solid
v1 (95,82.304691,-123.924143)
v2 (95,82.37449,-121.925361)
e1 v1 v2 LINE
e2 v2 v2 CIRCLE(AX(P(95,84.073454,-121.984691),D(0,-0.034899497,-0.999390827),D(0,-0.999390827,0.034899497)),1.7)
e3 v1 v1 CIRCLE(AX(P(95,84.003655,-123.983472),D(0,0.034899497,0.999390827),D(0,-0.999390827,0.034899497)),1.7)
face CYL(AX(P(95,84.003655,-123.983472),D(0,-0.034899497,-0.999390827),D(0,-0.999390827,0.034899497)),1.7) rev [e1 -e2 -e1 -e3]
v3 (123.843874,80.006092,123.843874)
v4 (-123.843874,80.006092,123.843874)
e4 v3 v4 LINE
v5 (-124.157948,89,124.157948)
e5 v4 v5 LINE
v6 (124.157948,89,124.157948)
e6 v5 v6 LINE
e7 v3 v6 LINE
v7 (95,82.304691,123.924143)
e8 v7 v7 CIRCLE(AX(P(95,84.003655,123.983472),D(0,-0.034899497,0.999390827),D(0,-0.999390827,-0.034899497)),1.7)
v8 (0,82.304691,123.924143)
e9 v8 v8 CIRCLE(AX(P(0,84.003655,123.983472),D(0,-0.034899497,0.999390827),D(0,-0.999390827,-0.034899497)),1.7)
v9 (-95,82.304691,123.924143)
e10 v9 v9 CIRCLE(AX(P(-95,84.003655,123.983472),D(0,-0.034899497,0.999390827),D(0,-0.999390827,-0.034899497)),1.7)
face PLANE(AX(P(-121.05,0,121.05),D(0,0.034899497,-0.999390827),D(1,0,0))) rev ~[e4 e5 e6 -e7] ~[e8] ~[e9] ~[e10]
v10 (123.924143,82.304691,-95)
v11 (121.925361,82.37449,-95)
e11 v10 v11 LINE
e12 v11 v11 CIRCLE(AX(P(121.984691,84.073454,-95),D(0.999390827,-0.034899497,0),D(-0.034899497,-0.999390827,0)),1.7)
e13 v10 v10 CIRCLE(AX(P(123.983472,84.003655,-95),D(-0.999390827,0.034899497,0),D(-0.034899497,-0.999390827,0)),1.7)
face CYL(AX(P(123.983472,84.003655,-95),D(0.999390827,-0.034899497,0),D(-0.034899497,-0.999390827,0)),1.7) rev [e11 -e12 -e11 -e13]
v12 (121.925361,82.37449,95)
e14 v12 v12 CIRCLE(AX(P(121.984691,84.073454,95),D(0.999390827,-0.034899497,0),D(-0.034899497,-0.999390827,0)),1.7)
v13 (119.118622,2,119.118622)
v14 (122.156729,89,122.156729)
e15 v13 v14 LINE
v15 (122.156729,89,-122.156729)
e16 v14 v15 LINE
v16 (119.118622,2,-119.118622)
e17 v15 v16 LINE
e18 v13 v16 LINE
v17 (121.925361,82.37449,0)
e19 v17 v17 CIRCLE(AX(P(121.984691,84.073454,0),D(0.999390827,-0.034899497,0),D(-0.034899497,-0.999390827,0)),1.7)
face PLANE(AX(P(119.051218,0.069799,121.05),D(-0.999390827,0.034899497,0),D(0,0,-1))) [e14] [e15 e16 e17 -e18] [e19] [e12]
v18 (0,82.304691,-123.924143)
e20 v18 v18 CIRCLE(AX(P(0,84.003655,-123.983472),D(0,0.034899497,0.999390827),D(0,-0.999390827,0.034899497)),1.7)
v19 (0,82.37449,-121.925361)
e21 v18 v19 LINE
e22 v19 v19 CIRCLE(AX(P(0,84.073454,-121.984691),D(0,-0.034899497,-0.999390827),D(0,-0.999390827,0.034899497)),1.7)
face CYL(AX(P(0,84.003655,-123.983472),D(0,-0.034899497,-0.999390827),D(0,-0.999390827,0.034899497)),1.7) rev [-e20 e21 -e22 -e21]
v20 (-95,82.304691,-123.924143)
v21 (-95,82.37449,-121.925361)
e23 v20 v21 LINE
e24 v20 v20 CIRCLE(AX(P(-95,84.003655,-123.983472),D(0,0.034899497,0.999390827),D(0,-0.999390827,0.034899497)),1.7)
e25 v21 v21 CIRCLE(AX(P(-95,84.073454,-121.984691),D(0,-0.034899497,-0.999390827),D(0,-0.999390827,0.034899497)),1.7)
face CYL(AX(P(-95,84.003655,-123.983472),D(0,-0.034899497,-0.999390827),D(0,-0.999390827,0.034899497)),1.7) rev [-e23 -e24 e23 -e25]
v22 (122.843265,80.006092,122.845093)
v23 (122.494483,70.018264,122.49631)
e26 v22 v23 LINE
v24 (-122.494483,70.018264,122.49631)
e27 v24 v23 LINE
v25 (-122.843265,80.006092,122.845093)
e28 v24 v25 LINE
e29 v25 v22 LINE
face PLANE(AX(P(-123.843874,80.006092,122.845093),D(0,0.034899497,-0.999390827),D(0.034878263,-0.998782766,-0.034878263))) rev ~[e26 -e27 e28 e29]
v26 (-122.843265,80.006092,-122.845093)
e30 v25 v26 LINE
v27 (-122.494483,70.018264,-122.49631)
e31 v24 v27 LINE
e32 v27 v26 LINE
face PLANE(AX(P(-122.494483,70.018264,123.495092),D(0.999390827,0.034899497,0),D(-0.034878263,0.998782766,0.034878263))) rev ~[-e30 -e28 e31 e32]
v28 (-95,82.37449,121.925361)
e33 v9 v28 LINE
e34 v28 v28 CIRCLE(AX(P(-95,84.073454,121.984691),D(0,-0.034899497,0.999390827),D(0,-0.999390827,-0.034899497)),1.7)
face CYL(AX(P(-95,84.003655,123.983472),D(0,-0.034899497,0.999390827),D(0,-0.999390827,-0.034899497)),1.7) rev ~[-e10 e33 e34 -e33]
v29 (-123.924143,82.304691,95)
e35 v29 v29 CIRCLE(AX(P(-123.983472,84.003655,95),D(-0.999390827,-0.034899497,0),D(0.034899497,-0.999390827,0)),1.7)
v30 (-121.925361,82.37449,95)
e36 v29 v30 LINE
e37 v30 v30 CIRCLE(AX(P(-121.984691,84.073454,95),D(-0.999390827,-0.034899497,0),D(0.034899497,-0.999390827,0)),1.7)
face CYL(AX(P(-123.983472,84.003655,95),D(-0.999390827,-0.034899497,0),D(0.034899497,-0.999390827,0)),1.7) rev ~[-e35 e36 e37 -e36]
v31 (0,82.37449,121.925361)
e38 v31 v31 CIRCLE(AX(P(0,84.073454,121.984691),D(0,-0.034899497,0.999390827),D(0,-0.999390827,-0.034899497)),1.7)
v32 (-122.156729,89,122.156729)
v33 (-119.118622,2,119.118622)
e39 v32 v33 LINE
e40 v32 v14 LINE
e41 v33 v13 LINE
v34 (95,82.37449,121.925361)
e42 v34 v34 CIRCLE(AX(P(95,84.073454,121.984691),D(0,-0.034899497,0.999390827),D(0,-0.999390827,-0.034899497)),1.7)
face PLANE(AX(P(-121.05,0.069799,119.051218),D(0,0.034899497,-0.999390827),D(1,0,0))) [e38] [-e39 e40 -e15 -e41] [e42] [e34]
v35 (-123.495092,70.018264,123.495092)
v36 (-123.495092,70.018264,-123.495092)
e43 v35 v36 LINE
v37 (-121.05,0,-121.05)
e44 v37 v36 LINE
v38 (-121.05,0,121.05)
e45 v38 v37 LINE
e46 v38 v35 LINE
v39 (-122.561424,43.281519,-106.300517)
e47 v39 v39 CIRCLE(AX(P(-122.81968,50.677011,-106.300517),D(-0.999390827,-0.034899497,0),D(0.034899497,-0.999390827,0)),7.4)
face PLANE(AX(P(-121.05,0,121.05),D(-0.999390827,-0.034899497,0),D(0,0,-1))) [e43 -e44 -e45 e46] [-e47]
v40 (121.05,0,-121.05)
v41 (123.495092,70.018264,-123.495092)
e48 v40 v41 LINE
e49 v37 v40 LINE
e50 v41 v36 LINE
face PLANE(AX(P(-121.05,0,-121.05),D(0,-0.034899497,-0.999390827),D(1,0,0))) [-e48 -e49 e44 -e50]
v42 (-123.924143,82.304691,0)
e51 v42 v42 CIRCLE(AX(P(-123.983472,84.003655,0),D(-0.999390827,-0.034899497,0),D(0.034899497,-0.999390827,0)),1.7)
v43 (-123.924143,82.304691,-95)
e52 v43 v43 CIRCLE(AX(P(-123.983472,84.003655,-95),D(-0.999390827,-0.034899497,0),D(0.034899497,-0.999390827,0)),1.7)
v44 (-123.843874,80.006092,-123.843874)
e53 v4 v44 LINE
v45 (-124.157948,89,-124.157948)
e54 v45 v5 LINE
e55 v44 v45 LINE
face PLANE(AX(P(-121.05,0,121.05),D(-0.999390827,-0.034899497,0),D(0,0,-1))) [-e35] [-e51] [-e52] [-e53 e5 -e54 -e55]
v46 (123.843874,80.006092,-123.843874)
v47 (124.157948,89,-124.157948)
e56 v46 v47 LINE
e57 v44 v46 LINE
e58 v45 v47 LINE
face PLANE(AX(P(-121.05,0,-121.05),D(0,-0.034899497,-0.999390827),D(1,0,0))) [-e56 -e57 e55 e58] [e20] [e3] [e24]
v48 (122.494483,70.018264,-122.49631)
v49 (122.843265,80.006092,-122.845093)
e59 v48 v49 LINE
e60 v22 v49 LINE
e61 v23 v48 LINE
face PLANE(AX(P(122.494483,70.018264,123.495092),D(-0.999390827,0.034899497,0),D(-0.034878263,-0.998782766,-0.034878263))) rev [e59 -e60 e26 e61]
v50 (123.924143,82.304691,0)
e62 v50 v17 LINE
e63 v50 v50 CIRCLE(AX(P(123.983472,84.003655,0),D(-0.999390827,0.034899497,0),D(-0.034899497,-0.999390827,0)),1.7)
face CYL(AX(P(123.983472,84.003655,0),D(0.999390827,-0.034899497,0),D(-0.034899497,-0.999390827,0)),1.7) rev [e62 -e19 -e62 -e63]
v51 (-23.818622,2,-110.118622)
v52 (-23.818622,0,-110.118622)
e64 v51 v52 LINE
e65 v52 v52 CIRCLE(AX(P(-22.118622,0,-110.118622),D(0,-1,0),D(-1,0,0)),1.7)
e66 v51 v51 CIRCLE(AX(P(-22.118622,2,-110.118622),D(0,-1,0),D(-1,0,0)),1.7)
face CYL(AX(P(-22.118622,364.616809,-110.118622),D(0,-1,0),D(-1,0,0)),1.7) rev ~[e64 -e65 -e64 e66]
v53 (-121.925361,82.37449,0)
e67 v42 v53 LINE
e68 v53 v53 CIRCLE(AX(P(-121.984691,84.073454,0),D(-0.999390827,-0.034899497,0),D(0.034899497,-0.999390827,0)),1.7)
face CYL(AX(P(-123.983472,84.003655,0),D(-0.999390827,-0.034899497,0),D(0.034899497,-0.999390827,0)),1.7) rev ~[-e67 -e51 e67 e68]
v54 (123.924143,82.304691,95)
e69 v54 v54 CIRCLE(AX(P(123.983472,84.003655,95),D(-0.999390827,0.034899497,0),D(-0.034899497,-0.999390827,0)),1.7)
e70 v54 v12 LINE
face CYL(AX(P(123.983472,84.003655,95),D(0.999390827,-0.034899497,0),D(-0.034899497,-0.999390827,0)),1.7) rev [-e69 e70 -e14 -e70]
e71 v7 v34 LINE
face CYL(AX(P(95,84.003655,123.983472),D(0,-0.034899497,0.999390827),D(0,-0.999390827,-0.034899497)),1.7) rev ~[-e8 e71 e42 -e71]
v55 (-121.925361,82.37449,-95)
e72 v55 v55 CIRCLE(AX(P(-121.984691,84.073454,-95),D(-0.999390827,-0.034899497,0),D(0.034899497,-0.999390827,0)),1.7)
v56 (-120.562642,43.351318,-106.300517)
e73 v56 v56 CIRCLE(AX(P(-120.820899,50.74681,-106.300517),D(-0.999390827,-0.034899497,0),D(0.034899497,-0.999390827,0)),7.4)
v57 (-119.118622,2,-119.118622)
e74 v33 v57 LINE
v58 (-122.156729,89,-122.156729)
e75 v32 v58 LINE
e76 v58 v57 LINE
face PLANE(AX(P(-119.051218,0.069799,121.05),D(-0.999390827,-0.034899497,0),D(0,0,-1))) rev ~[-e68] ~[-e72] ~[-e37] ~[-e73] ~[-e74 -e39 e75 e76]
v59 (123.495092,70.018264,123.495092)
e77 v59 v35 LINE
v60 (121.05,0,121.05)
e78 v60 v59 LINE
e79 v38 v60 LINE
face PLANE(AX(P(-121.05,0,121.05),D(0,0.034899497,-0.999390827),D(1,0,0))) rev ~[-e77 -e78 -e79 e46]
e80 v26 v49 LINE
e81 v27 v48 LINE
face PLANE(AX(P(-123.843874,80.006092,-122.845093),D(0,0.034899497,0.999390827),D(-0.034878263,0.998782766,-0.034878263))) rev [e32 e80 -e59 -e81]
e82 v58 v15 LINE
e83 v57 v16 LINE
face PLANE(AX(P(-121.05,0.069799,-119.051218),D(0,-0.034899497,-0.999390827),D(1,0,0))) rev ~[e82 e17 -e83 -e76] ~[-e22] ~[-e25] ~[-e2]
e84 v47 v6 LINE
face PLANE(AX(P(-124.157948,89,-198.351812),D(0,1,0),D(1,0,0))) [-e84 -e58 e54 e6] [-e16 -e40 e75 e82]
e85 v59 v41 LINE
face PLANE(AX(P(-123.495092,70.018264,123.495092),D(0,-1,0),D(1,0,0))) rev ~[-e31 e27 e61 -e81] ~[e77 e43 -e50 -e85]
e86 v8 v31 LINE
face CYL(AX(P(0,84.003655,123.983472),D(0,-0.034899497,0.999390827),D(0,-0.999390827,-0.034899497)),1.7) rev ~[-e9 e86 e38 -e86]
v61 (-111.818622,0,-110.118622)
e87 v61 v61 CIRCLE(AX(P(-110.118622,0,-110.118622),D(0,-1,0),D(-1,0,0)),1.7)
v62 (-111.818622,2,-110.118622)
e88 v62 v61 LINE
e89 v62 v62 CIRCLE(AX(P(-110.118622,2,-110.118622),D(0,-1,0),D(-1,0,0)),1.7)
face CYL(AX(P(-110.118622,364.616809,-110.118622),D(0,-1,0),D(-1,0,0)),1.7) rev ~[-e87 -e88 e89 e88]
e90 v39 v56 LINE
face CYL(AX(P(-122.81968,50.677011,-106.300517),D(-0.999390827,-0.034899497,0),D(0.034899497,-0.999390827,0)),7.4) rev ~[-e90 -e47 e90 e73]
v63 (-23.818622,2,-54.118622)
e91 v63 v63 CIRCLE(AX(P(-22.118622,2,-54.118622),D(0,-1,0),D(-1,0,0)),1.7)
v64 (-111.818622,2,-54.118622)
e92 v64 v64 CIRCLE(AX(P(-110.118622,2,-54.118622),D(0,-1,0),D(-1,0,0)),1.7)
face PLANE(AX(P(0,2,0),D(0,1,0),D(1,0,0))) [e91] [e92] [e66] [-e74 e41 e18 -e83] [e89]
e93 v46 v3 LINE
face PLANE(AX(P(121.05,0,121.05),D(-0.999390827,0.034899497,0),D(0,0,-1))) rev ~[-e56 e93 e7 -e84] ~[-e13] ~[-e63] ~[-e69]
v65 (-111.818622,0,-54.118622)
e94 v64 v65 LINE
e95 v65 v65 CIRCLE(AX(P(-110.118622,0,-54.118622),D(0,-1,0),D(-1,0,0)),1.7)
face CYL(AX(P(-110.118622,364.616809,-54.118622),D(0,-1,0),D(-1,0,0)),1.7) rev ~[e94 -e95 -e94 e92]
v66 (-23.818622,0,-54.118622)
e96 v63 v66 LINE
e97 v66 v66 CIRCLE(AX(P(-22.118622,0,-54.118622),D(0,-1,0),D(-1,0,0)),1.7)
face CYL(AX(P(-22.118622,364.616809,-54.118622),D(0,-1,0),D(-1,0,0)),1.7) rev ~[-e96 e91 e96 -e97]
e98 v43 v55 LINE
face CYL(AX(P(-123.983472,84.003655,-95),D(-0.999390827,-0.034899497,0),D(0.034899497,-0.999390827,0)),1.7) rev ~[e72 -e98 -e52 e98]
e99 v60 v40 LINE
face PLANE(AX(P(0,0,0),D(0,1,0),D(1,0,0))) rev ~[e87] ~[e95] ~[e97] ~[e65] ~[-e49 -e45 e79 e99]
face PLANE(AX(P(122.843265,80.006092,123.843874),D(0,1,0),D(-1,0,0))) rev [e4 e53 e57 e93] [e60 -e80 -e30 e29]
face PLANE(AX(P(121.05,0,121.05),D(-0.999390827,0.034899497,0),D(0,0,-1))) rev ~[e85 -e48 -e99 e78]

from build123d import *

# Parameters (mm, degrees)
SKETCH1_W                       = 242.1
SKETCH1_H                       = 242.1
BOSS_EXTRUDE1_DEPTH             = 90
BOSS_EXTRUDE1_DRAFT             = -2
SHELL1_T                        = -2
CUT_EXTRUDE7_DEPTH              = 291.648708719
CUT_EXTRUDE8_DEPTH              = 291.648708719
M3_CLEARANCE_HOLE2_D            = 3.4
SKETCH15_R                      = 1.7
CUT_EXTRUDE9_DEPTH              = 10
SKETCH16_R                      = 1.7
CUT_EXTRUDE10_DEPTH             = 10
CUT_EXTRUDE11_DEPTH             = 198.351811614
CUT_EXTRUDE11_DEPTH_BACK        = 198.351811614
CUT_EXTRUDE12_REACH             = 292.104
SKETCH21_R                      = 7.4
CUT_EXTRUDE12_DIRECTION_2_DEPTH = 291.103764671


with BuildPart() as part:
    # Sketch1 → Boss-Extrude1 (with draft: the straight prism first)
    with BuildSketch(Plane(origin=(0, 0, 0), x_dir=(1, 0, 0), z_dir=(0, 1, 0))):
        Rectangle(SKETCH1_W, SKETCH1_H)
    extrude(amount=BOSS_EXTRUDE1_DEPTH)
    # Boss-Extrude1: the draft: its side faces are tilted about the plane it starts from
    boss_extrude1_sides = [part.faces().sort_by_distance(p)[0] for p in [
        (0, 45, 121.05),
        (121.05, 45, 0),
        (0, 45, -121.05),
        (-121.05, 45, 0),
    ]]
    draft(boss_extrude1_sides, Plane(origin=(0, 0, 0), x_dir=(1, 0, 0), z_dir=(0, 1, 0)), BOSS_EXTRUDE1_DRAFT)

    # Shell1
    shell1_openings = [part.faces().sort_by_distance(p)[0] for p in [
        (0, 90, 0),
    ]]
    offset(amount=SHELL1_T, openings=shell1_openings, kind=Kind.INTERSECTION)

    # Sketch6 → Cut-Extrude7 (cut, through all, along a direction that is not the sketch's normal)
    with BuildSketch(Plane(origin=(0, -4.222010573, 120.902564142), x_dir=(1, 0, 0), z_dir=(0, -0.03489949670250105, 0.9993908270190958))):
        Polygon((-123.843874287, 84.279443063), (-123.49509166, 74.28552738), (-122.494482858, 74.28552738), (-122.843265485, 84.279443063), align=None)
    cut_extrude7 = extrude(amount=-CUT_EXTRUDE7_DEPTH, dir=(0, 0, 1), mode=Mode.SUBTRACT)

    # Sketch7 → Cut-Extrude8 (cut, through all, along a direction that is not the sketch's normal)
    with BuildSketch(Plane(origin=(-120.902564142, -4.222010573, 0), x_dir=(0, 0, 1), z_dir=(-0.9993908270190958, -0.03489949670250105, 0))):
        Polygon((123.845093004, 84.279443063), (122.845093004, 84.279443063), (122.496310376, 74.28552738), (123.496310376, 74.28552738), align=None)
    cut_extrude8 = extrude(amount=-CUT_EXTRUDE8_DEPTH, dir=(-1, 0, 0), mode=Mode.SUBTRACT)

    # Mirror1: Cut-Extrude7 across plane
    add(cut_extrude7.mirror(Plane(origin=(0, 0, 0), x_dir=(0, 0, 1), z_dir=(1, 0, 0))), mode=Mode.SUBTRACT)

    # Mirror2: Cut-Extrude8 across plane
    add(cut_extrude8.mirror(Plane.XY), mode=Mode.SUBTRACT)

    # M3 Clearance Hole2 (through all)
    with Locations(Plane(origin=(0, 2, 0), x_dir=(1, 0, 0), z_dir=(0, 1, 0))):
        with Locations((-110.11862245, 54.11862245), (-110.11862245, 110.11862245), (-22.11862245, 110.11862245), (-22.11862245, 54.11862245)):
            Hole(M3_CLEARANCE_HOLE2_D / 2)

    # Sketch15 → Cut-Extrude9 (cut)
    with BuildSketch(Plane(origin=(0, -4.222010573, 120.902564142), x_dir=(1, 0, 0), z_dir=(0, -0.03489949670250105, 0.9993908270190958))):
        with Locations(Location((0, 88.279443063, 0), (0, 0, 270))):
            Circle(SKETCH15_R)
        with Locations(Location((-95, 88.279443063, 0), (0, 0, 270))):
            Circle(SKETCH15_R)
        with Locations(Location((95, 88.279443063, 0), (0, 0, 270))):
            Circle(SKETCH15_R)
    cut_extrude9 = extrude(amount=-CUT_EXTRUDE9_DEPTH, mode=Mode.SUBTRACT)

    # Mirror3: Cut-Extrude9 across plane
    add(cut_extrude9.mirror(Plane.XY), mode=Mode.SUBTRACT)

    # Sketch16 → Cut-Extrude10 (cut)
    with BuildSketch(Plane(origin=(-120.902564142, -4.222010573, 0), x_dir=(0, 0, 1), z_dir=(-0.9993908270190958, -0.03489949670250105, 0))):
        with Locations(Location((0, 88.279443063, 0), (0, 0, 270))):
            Circle(SKETCH16_R)
        with Locations(Location((95, 88.279443063, 0), (0, 0, 270))):
            Circle(SKETCH16_R)
        with Locations(Location((-95, 88.279443063, 0), (0, 0, 270))):
            Circle(SKETCH16_R)
    cut_extrude10 = extrude(amount=-CUT_EXTRUDE10_DEPTH, mode=Mode.SUBTRACT)

    # Mirror4: Cut-Extrude10 across plane
    add(cut_extrude10.mirror(Plane(origin=(0, 0, 0), x_dir=(0, 0, 1), z_dir=(1, 0, 0))), mode=Mode.SUBTRACT)

    # Sketch18 → Cut-Extrude11 (cut, two sides: drawn at the far end of the back side and taken through both)
    with BuildSketch(Plane.XY.offset(-CUT_EXTRUDE11_DEPTH_BACK)):
        Polygon((-124.192869254, 90), (-124.157948485, 89), (124.157948485, 89), (124.192869254, 90), align=None)
    extrude(amount=CUT_EXTRUDE11_DEPTH + CUT_EXTRUDE11_DEPTH_BACK, mode=Mode.SUBTRACT)

    # Sketch21 → Cut-Extrude12 (cut, up to next)
    with BuildSketch(Plane(origin=(-120.902564142, -4.222010573, 0), x_dir=(0, 0, 1), z_dir=(-0.9993908270190958, -0.03489949670250105, 0)), mode=Mode.PRIVATE) as cut_extrude12_sk1:
        with Locations(Location((-106.300517026, 54.932485221, 0), (0, 0, 270))):
            Circle(SKETCH21_R)
    cut_extrude12_tool1 = extrude(cut_extrude12_sk1.sketch, amount=-CUT_EXTRUDE12_REACH, mode=Mode.PRIVATE) & part.part
    add(cut_extrude12_tool1.solids().sort_by_distance((-122.81968, 50.677011, -106.300517))[0], mode=Mode.SUBTRACT)

    # Sketch21 → Cut-Extrude12 direction 2 (cut)
    with BuildSketch(Plane(origin=(-120.902564142, -4.222010573, 0), x_dir=(0, 0, 1), z_dir=(-0.9993908270190958, -0.03489949670250105, 0))):
        with Locations(Location((-106.300517026, 54.932485221, 0), (0, 0, 270))):
            Circle(SKETCH21_R)
    extrude(amount=CUT_EXTRUDE12_DIRECTION_2_DEPTH, mode=Mode.SUBTRACT)


solid = part.part
